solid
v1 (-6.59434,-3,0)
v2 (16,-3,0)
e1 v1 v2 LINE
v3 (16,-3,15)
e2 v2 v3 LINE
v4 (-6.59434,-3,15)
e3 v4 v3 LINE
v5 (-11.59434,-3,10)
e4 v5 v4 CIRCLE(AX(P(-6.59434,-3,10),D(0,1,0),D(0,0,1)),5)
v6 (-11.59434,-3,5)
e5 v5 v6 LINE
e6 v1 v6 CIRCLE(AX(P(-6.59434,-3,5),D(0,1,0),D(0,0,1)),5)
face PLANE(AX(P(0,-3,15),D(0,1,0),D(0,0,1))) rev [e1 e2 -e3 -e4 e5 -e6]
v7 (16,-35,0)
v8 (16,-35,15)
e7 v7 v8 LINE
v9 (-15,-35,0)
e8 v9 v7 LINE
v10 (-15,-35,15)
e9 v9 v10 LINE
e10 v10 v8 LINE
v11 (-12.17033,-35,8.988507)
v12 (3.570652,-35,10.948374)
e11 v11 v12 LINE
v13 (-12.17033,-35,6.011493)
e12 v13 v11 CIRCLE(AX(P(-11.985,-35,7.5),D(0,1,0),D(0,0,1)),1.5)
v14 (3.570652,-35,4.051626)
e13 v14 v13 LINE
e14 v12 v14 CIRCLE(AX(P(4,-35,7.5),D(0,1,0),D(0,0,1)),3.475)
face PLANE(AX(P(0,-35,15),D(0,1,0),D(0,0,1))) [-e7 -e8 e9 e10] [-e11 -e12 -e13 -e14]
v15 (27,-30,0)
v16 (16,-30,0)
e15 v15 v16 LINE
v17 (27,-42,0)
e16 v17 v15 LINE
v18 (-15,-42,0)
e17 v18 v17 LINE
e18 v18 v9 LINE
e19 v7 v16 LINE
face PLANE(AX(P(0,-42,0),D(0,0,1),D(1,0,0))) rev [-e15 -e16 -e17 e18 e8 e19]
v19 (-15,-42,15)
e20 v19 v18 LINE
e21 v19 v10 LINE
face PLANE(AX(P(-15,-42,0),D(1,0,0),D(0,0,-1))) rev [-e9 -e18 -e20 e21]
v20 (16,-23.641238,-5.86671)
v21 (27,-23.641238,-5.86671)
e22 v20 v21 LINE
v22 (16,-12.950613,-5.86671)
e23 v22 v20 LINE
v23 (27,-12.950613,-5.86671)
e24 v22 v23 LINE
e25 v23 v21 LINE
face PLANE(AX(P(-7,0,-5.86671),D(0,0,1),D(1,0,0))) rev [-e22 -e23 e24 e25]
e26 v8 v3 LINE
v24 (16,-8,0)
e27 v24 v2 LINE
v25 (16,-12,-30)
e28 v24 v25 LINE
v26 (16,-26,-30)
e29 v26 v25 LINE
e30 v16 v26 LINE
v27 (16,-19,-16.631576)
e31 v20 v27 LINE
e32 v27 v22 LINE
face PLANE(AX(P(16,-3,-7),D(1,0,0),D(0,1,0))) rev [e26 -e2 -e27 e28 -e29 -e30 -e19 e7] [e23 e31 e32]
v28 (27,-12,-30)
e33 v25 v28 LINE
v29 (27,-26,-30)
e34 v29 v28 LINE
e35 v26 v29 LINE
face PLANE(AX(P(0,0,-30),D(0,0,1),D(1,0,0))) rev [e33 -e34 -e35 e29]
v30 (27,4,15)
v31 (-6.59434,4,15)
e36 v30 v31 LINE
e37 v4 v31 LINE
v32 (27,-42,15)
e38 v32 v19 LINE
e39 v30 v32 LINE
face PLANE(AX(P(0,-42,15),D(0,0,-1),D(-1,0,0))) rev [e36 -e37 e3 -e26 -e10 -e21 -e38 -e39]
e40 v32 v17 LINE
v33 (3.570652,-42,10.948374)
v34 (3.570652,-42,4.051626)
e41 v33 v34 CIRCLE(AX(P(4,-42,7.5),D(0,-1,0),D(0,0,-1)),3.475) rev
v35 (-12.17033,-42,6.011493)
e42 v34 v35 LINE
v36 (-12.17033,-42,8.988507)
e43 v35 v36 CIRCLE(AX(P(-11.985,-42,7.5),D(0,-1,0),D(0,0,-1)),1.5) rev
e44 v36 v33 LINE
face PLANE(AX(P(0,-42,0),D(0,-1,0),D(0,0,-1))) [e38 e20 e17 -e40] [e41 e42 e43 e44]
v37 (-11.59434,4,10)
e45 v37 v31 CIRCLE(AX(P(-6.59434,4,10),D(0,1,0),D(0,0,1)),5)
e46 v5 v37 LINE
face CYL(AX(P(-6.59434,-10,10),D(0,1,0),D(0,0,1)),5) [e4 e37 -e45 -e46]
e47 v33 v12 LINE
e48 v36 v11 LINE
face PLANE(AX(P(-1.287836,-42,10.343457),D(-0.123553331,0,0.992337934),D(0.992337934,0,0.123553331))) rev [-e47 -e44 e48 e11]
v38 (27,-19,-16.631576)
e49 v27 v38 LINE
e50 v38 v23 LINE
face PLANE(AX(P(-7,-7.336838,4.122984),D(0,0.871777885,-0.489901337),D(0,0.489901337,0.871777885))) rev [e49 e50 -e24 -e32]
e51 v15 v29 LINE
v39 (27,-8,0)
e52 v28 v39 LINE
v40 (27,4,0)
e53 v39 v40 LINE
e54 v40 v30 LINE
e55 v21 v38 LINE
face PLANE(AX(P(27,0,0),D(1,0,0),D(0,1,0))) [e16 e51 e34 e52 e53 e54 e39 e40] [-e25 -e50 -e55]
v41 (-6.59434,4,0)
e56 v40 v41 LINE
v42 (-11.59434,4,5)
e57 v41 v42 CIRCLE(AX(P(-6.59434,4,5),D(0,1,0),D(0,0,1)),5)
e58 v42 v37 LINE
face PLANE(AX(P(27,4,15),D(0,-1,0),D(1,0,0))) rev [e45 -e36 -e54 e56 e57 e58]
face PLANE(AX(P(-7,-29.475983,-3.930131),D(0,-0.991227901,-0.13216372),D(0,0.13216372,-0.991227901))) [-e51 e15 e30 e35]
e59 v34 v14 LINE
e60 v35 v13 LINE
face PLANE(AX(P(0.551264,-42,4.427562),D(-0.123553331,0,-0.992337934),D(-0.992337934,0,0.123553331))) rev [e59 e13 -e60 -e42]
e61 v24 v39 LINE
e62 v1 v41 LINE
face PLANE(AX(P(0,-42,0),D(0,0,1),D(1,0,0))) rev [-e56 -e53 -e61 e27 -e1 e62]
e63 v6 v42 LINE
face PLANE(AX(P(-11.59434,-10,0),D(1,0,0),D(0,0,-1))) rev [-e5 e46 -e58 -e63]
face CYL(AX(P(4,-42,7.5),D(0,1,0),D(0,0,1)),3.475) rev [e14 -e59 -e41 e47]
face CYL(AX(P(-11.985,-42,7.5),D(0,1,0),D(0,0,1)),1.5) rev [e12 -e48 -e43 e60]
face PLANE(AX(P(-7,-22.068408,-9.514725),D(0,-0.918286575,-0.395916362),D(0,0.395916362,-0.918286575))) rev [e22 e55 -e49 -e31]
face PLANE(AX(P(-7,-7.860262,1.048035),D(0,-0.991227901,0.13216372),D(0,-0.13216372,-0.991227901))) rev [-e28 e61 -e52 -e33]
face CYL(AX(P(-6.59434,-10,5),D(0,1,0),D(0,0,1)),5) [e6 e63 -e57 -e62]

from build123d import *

# Parameters (mm, degrees)
EXTRUDE_1_DEPTH     = 15
SKETCH_3_W          = 15
SKETCH_3_H          = 3
EXTRUDE_2_DEPTH     = 15
CUT_EXTRUDE_1_DEPTH = 15
SKETCH_5_W          = 15
SKETCH_5_H          = 38
EXTRUDE_3_DEPTH     = 10
SKETCH_6_W          = 8
SKETCH_6_H          = 32
CUT_EXTRUDE_2_DEPTH = 22
SKETCH_7_W          = 7
SKETCH_7_H          = 22
EXTRUDE_4_DEPTH     = 30
CUT_EXTRUDE_3_DEPTH = 30
CUT_EXTRUDE_4_DEPTH = 30
SKETCH_10_W         = 3.405660377
SKETCH_10_H         = 15
CUT_EXTRUDE_5_DEPTH = 10
CUT_EXTRUDE_6_DEPTH = 10
SKETCH_12_W         = 38
SKETCH_12_H         = 15
EXTRUDE_5_DEPTH     = 4
EXTRUDE_START       = 4
SKETCH_13_W         = 29.594339623
SKETCH_13_H         = 15
EXTRUDE_6_DEPTH     = 4
SKETCH_14_W         = 15
SKETCH_14_H         = 46
EXTRUDE_7_DEPTH     = 4
EXTRUDE_9_DEPTH     = 4


with BuildPart() as part:
    # 草图1 → 凸台-拉伸1 (new body)
    with BuildSketch(Plane.XY):
        Polygon((13, 0), (0, 0), (0, -3), (8, -3), (8, -35), (0, -35), (0, -38), (13, -38), align=None)
    extrude(amount=EXTRUDE_1_DEPTH)

    # 草图3 → 凸台-拉伸2 (add)
    with BuildSketch(Plane.ZY):
        with Locations((7.5, -1.5)):
            Rectangle(SKETCH_3_W, SKETCH_3_H)
        with Locations((7.5, -36.5)):
            Rectangle(SKETCH_3_W, SKETCH_3_H)
    extrude(amount=EXTRUDE_2_DEPTH)

    # 草图4 → 切除-拉伸1 (cut)
    with BuildSketch(Plane.XZ.offset(38)):
        with BuildLine():
            Line((-12.170329997, 8.9885069), (3.570652174, 10.948374319))
            ThreePointArc((3.570652174, 10.948374319), (7.475, 7.5), (3.570652174, 4.051625681))
            Line((3.570652174, 4.051625681), (-12.170329997, 6.0114931))
            ThreePointArc((-12.170329997, 6.0114931), (-13.485, 7.5), (-12.170329997, 8.9885069))
        make_face()
    extrude(amount=-CUT_EXTRUDE_1_DEPTH, mode=Mode.SUBTRACT)

    # 草图5 → 凸台-拉伸3 (add)
    with BuildSketch(Plane(origin=(13, 0, 0), x_dir=(0, 0, -1), z_dir=(1, 0, 0))):
        with Locations((-7.5, -19)):
            Rectangle(SKETCH_5_W, SKETCH_5_H)
    extrude(amount=EXTRUDE_3_DEPTH)

    # 草图6 → 切除-拉伸2 (cut)
    with BuildSketch(Plane.XY.offset(15)):
        with Locations((12, -19)):
            Rectangle(SKETCH_6_W, SKETCH_6_H)
    extrude(amount=-CUT_EXTRUDE_2_DEPTH, mode=Mode.SUBTRACT)

    # 草图7 → 凸台-拉伸4 (add)
    with BuildSketch(Plane(origin=(0, 0, 0), x_dir=(-1, 0, 0), z_dir=(0, 0, -1))):
        with Locations((-19.5, -19)):
            Rectangle(SKETCH_7_W, SKETCH_7_H)
    extrude(amount=EXTRUDE_4_DEPTH)

    # 草图8 → 切除-拉伸3 (cut)
    with BuildSketch(Plane(origin=(23, 0, 0), x_dir=(0, 0, -1), z_dir=(1, 0, 0))):
        Polygon((0, -8), (30, -12), (30, -8), align=None)
        Polygon((0, -30), (30, -30), (30, -26), align=None)
    extrude(amount=-CUT_EXTRUDE_3_DEPTH, mode=Mode.SUBTRACT)

    # 草图9 → 切除-拉伸4 (cut)
    with BuildSketch(Plane(origin=(23, 0, 0), x_dir=(0, 0, -1), z_dir=(1, 0, 0))):
        Polygon((5.866710017, -12.950612604), (5.866710017, -19), (5.866710017, -23.641237949), (16.631575815, -19), align=None)
    extrude(amount=-CUT_EXTRUDE_4_DEPTH, mode=Mode.SUBTRACT)

    # 草图10 → 切除-拉伸5 (cut)
    with BuildSketch(Plane(origin=(0, 0, 0), x_dir=(1, 0, 0), z_dir=(0, 1, 0))):
        with Locations((-13.297169812, -7.5)):
            Rectangle(SKETCH_10_W, SKETCH_10_H)
    extrude(amount=-CUT_EXTRUDE_5_DEPTH, mode=Mode.SUBTRACT)

    # 草图11 → 切除-拉伸6 (cut)
    with BuildSketch(Plane(origin=(0, 0, 0), x_dir=(1, 0, 0), z_dir=(0, 1, 0))):
        with BuildLine():
            ThreePointArc((-6.594339623, -15), (-10.129873529, -13.535533906), (-11.594339623, -10))
            Line((-11.594339623, -10), (-11.594339623, -15))
            Line((-11.594339623, -15), (-6.594339623, -15))
        make_face()
        with BuildLine():
            Line((-11.594339623, 0), (-11.594339623, -5))
            ThreePointArc((-11.594339623, -5), (-10.129873529, -1.464466094), (-6.594339623, 0))
            Line((-6.594339623, 0), (-11.594339623, 0))
        make_face()
    extrude(amount=-CUT_EXTRUDE_6_DEPTH, mode=Mode.SUBTRACT)

    # 草图13 → 凸台-拉伸6 (add)
    with BuildSketch(Plane(origin=(0, 0, 0), x_dir=(1, 0, 0), z_dir=(0, 1, 0)).offset(EXTRUDE_START)):
        with BuildLine():
            Line((-6.594339623, 0), (-6.594339623, -15))
            ThreePointArc((-6.594339623, -15), (-10.129873529, -13.535533906), (-11.594339623, -10))
            Line((-11.594339623, -10), (-11.594339623, -5))
            ThreePointArc((-11.594339623, -5), (-10.129873529, -1.464466094), (-6.594339623, 0))
        make_face()
        with Locations((8.202830189, -7.5)):
            Rectangle(SKETCH_13_W, SKETCH_13_H)
    extrude(amount=-EXTRUDE_6_DEPTH)



with BuildPart() as body_2:
    # 草图12 → 凸台-拉伸5 (new body)
    with BuildSketch(Plane(origin=(0, -38, 0), x_dir=(-1, 0, 0), z_dir=(0, -1, 0))):
        with Locations((-4, -7.5)):
            Rectangle(SKETCH_12_W, SKETCH_12_H)
        with BuildLine():
            ThreePointArc((-3.570652174, -10.948374319), (-7.475, -7.5), (-3.570652174, -4.051625681))
            Line((-3.570652174, -4.051625681), (12.170329997, -6.0114931))
            ThreePointArc((12.170329997, -6.0114931), (13.485, -7.5), (12.170329997, -8.9885069))
            Line((12.170329997, -8.9885069), (-3.570652174, -10.948374319))
        make_face(mode=Mode.SUBTRACT)
    extrude(amount=EXTRUDE_5_DEPTH)


with BuildPart() as part_1:
    add(part.part)

    add(body_2.part)  # 凸台-拉伸7 merges body 2
    # 草图14 → 凸台-拉伸7 (add)
    with BuildSketch(Plane(origin=(23, 0, 0), x_dir=(0, 0, -1), z_dir=(1, 0, 0))):
        with Locations((-7.5, -19)):
            Rectangle(SKETCH_14_W, SKETCH_14_H)
    extrude(amount=EXTRUDE_7_DEPTH)

    # 草图15 → 凸台-拉伸9 (add)
    with BuildSketch(Plane(origin=(23, 0, 0), x_dir=(0, 0, -1), z_dir=(1, 0, 0))):
        Polygon((0, -8), (0, -30), (30, -26), (30, -12), align=None)
        Polygon((5.866710017, -12.950612604), (5.866710017, -23.641237949), (16.631575815, -19), align=None, mode=Mode.SUBTRACT)
    extrude(amount=EXTRUDE_9_DEPTH)


solid = part_1.part
